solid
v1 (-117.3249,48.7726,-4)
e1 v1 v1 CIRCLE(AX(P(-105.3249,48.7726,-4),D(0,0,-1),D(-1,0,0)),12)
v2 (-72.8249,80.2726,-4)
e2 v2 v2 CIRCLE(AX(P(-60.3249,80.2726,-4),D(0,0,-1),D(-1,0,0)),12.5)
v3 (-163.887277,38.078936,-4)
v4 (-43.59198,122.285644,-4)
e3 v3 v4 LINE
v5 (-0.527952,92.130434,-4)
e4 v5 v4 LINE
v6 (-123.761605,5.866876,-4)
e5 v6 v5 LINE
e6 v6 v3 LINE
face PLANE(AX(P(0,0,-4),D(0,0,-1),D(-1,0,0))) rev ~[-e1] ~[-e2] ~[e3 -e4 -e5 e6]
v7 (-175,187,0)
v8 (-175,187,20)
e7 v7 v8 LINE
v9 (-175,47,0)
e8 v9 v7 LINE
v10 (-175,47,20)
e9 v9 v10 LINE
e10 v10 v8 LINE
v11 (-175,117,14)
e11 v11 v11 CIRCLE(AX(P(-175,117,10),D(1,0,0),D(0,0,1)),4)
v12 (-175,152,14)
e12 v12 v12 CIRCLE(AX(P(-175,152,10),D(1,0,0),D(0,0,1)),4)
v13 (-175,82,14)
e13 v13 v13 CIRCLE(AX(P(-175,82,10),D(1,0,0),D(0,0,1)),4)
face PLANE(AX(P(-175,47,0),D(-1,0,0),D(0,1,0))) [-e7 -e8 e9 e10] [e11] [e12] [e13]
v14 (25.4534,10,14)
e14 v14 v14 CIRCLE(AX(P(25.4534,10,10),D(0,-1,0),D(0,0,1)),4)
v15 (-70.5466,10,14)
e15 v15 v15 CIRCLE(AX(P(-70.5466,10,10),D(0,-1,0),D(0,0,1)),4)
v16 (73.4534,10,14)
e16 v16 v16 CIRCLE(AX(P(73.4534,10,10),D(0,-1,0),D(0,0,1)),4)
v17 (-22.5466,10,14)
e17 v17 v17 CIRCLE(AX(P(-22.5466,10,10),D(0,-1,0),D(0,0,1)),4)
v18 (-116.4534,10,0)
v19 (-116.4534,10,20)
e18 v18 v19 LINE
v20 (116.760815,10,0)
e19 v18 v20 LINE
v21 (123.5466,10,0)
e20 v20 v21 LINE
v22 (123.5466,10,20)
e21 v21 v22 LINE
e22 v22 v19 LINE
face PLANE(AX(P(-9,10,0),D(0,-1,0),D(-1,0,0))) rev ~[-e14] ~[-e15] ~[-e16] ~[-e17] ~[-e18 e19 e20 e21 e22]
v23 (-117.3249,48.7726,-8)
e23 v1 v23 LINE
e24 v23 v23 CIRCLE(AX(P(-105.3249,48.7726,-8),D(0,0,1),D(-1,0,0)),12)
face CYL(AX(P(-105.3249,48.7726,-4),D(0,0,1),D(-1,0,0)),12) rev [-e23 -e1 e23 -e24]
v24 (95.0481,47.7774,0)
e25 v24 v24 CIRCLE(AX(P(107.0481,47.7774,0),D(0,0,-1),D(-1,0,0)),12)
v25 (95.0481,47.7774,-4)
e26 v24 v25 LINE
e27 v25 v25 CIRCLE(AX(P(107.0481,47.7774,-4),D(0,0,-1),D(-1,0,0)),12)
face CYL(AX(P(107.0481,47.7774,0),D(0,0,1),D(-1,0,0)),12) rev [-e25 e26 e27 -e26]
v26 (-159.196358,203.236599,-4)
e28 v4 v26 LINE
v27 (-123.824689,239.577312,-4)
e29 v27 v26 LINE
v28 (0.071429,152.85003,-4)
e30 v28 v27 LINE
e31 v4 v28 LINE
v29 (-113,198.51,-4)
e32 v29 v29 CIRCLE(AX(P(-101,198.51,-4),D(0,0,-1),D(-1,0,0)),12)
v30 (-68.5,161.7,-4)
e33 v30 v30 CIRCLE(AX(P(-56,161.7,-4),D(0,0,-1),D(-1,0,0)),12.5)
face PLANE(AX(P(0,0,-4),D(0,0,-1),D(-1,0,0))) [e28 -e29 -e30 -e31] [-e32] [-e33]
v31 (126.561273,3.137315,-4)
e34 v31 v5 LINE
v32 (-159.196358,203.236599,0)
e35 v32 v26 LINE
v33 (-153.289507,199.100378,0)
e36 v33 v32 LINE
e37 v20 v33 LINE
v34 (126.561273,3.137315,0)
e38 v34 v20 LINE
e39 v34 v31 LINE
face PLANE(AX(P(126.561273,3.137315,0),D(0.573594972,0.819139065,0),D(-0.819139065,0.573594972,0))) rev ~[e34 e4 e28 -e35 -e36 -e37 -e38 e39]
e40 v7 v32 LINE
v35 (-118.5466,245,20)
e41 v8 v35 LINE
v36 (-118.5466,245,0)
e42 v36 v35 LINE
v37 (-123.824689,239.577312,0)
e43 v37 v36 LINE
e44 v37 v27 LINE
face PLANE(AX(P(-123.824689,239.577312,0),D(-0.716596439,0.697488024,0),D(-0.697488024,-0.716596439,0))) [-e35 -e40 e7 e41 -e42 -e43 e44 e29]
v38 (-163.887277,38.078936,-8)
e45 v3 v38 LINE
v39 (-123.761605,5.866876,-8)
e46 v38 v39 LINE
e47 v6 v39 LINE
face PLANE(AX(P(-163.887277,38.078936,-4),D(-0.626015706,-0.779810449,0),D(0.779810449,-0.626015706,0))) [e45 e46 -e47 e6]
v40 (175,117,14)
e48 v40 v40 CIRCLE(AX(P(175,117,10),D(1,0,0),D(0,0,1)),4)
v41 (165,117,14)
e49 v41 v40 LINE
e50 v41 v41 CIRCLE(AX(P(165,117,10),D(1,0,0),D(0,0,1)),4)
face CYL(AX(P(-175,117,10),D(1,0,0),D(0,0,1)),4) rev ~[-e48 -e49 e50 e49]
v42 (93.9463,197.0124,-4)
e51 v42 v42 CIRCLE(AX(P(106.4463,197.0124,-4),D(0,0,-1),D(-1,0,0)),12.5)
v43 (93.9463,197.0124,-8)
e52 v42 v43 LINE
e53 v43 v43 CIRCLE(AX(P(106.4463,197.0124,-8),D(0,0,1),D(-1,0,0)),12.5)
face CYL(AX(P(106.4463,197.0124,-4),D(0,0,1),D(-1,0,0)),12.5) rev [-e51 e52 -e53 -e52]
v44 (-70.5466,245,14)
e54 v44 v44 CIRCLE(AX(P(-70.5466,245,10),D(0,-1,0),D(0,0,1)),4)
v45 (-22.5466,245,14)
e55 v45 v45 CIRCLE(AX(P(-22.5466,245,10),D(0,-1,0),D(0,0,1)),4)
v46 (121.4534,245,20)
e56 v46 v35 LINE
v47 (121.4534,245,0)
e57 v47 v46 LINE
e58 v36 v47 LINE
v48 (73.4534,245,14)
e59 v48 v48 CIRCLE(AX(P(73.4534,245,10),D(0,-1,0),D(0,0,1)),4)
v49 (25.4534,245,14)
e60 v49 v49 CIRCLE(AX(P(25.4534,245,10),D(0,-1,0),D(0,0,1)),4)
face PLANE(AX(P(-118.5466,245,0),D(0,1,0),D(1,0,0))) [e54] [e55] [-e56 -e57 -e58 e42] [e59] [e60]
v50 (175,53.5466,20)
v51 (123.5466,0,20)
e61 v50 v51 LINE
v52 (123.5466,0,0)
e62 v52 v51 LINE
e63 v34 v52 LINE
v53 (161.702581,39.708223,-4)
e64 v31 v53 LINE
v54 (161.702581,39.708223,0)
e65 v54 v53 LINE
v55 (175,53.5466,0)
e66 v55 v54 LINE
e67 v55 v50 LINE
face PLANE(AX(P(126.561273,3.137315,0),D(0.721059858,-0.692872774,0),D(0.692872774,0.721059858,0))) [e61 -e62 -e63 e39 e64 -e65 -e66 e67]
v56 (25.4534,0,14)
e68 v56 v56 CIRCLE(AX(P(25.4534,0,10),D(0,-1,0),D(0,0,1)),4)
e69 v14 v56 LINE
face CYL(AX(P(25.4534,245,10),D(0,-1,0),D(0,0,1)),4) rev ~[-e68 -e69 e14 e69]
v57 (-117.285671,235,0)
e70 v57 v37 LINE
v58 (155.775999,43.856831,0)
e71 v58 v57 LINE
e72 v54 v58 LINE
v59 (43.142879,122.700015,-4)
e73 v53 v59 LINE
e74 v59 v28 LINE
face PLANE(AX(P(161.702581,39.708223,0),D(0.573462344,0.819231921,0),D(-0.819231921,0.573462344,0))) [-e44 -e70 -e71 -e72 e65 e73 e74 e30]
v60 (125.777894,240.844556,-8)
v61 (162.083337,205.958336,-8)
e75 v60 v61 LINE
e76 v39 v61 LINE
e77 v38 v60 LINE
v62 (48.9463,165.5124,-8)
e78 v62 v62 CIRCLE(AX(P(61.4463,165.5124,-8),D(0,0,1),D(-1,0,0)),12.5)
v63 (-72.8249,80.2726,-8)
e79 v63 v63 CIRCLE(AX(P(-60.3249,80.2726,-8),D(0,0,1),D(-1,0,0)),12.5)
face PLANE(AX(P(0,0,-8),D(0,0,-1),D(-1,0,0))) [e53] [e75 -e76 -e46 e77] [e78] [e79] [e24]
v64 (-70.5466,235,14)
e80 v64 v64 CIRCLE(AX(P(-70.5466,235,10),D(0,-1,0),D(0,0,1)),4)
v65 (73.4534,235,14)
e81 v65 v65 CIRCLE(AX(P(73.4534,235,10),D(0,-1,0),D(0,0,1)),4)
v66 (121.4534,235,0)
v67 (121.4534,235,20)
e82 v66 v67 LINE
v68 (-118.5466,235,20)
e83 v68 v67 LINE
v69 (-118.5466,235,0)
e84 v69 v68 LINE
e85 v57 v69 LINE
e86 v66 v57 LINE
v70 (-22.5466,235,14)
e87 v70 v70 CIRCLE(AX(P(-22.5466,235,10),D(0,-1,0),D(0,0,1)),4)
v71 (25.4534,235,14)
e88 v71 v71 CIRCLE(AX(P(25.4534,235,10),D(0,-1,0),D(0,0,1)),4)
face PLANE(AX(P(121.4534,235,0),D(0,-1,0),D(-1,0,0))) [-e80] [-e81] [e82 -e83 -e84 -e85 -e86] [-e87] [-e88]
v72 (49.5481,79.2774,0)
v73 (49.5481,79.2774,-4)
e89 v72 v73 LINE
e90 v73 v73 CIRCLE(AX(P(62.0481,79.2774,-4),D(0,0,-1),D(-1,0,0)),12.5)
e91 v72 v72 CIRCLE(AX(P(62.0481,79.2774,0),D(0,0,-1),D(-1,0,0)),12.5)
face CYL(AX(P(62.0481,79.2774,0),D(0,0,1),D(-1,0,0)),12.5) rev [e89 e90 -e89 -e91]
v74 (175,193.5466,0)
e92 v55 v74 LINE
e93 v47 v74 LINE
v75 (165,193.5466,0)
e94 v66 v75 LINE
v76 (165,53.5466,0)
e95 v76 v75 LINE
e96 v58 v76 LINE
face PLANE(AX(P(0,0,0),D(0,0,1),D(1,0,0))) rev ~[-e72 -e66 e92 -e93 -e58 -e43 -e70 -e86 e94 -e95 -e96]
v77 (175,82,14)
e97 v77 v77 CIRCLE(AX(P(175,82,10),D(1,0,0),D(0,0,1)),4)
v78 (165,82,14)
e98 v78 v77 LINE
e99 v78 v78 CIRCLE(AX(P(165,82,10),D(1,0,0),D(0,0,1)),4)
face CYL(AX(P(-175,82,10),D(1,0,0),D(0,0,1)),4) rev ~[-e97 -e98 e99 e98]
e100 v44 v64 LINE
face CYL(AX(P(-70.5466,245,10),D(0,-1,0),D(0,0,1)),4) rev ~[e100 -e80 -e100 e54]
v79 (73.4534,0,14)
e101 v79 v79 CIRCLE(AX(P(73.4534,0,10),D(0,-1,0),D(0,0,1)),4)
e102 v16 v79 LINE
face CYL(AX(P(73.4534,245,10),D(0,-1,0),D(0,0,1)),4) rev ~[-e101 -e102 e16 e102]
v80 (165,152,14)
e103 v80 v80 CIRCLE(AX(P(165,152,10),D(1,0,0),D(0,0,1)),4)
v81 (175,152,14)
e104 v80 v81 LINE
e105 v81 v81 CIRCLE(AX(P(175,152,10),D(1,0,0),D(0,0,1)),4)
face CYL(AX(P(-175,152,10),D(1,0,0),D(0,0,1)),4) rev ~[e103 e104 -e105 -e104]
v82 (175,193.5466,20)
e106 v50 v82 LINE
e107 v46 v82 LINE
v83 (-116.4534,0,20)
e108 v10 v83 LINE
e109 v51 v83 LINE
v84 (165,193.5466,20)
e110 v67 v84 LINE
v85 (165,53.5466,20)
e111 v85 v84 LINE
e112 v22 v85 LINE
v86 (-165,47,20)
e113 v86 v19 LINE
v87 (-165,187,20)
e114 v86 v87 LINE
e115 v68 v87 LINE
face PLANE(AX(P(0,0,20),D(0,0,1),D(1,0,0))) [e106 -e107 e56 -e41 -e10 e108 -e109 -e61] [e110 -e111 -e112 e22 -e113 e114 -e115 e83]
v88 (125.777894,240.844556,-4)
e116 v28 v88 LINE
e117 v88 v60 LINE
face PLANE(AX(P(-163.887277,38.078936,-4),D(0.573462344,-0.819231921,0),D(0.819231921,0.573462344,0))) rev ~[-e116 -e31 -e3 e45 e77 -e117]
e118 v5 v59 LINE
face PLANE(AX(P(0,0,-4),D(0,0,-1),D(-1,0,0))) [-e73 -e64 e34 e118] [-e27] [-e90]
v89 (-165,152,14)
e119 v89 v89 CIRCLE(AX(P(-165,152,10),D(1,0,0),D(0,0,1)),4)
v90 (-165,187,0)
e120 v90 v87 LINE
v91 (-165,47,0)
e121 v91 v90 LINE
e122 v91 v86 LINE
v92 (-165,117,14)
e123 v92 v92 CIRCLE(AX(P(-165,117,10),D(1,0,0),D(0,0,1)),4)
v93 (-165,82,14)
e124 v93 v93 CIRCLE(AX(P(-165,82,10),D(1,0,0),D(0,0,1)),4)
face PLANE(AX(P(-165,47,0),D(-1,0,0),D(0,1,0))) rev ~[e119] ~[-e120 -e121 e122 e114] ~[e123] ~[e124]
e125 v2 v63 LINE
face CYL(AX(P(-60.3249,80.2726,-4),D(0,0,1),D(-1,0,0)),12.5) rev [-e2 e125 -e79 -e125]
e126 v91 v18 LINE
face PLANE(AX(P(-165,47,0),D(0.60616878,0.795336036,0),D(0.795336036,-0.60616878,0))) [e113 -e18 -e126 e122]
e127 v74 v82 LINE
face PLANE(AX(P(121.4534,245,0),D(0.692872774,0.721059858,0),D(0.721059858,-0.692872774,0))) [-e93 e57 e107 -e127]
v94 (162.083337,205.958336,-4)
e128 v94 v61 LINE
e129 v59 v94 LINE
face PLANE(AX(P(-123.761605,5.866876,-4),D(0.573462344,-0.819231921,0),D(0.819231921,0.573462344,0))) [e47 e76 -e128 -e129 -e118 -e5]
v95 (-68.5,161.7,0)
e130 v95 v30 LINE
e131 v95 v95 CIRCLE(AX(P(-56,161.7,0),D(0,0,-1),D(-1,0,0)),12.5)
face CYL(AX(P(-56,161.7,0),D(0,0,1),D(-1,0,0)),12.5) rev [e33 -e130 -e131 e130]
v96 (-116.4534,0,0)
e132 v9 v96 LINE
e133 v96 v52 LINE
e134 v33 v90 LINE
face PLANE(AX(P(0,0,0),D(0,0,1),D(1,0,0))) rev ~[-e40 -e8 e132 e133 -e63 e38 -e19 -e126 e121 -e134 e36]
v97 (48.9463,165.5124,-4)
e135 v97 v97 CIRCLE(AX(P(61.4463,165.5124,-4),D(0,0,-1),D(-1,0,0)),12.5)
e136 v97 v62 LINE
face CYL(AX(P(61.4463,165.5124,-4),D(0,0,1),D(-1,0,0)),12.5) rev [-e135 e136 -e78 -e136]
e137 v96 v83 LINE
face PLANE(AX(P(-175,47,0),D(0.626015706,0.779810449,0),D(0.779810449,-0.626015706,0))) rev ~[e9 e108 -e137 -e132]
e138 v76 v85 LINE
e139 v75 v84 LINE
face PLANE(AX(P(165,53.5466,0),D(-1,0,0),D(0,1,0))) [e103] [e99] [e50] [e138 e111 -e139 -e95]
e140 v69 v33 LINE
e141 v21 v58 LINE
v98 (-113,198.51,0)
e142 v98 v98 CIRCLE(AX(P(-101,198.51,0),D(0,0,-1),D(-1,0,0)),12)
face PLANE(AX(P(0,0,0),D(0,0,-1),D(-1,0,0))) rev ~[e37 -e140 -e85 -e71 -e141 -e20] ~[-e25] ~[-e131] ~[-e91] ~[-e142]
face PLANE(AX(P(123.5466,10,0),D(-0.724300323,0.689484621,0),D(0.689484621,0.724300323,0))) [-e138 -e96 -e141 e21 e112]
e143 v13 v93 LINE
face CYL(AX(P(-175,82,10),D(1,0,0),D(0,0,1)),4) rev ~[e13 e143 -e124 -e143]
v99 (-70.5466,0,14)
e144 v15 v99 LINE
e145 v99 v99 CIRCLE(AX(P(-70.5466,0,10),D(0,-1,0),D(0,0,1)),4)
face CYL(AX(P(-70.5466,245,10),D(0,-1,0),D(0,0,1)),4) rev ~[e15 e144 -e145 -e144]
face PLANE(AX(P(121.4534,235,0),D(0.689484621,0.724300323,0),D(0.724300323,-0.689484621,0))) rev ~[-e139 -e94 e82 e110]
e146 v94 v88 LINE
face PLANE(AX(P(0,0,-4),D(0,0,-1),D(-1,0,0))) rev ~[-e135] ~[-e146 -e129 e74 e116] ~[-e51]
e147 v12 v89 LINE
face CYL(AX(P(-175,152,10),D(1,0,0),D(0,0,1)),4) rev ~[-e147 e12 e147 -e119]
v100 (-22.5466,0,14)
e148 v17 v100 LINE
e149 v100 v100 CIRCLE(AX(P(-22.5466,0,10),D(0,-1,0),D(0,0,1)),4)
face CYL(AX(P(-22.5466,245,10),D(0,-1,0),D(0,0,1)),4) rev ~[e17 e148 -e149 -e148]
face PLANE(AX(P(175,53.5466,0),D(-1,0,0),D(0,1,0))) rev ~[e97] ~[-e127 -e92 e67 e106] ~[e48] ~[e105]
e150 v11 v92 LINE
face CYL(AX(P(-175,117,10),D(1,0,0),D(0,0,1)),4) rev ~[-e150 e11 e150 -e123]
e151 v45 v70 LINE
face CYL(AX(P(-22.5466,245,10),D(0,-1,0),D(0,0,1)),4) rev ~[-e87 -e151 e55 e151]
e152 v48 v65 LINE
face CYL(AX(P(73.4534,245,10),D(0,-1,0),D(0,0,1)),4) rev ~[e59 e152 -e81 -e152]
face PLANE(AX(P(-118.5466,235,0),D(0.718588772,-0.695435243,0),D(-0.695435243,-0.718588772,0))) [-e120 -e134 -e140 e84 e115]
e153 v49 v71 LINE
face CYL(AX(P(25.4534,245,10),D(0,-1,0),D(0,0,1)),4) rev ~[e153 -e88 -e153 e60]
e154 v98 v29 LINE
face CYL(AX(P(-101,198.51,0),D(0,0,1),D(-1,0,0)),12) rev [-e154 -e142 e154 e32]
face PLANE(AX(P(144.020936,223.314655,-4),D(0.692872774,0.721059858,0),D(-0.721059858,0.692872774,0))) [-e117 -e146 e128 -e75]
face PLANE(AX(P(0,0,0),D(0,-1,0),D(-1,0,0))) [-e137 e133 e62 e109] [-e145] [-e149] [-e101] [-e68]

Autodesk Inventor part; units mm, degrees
ref_plane "YZ Plane" through (0, 0, 0) normal (1, 0, 0) x (0, 1, 0)
sketch "Sketch1" plane through (0, 0, 0) normal (0, 0, 1) x (1, 0, 0)
  line L0 (0, 0) -> (-116.4534, 0)
  line L1 (-175, 47) -> (-175, 187)
  line L2 (-118.5466, 245) -> (0, 245)
  line L3 (0, 245) -> (0, 0) construction
  line L4 (-118.5466, 235) -> (-9, 235)
  line L5 (-9, 10) -> (-116.4534, 10)
  line L6 (-165, 47) -> (-165, 187)
  line L7 (0, 0) -> (123.5466, 0)
  line L8 (175, 53.5466) -> (175, 193.5466)
  line L9 (121.4534, 245) -> (0, 245)
  line L10 (121.4534, 235) -> (9, 235)
  line L11 (9, 10) -> (123.5466, 10)
  line L12 (165, 53.5466) -> (165, 193.5466)
  line L13 (-9, 235) -> (9, 235)
  line L14 (-9, 10) -> (9, 10)
  line L15 (-175, 187) -> (-118.5466, 245)
  line L16 (-175, 47) -> (-116.4534, 0)
  line L17 (121.4534, 245) -> (175, 193.5466)
  line L18 (175, 53.5466) -> (123.5466, 0)
  line L19 (-175, 47) -> (-165, 47)
  line L20 (-116.4534, 10) -> (-116.4534, 0)
  line L21 (-118.5466, 245) -> (-118.5466, 235)
  line L22 (-175, 187) -> (-165, 187)
  line L23 (-118.5466, 235) -> (-165, 187)
  line L24 (-165, 47) -> (-116.4534, 10)
  line L25 (121.4534, 245) -> (121.4534, 235)
  line L26 (175, 193.5466) -> (165, 193.5466)
  line L27 (121.4534, 235) -> (165, 193.5466)
  line L28 (175, 53.5466) -> (165, 53.5466)
  line L29 (123.5466, 0) -> (123.5466, 10)
  line L30 (123.5466, 10) -> (165, 53.5466)
  point P0 (-175, 245)
  point P1 (-175, 0)
  point P2 (-165, 235)
  point P3 (-165, 10)
  point P4 (175, 245)
  point P5 (175, 0)
  point P6 (165, 235)
  point P7 (165, 10)
  dimension "d0" = 245
  dimension "d1" = 175
  dimension "d4" = 10
  dimension "d7" = 240
  dimension "d9" = 240
  dimension "d10" = 140
  dimension "d12" = 136.142
  dimension "d13" = 133.589
  dimension "d14" = 52.687
  dimension "d15" = 44.062
  dimension "d16" = 44.226
  dimension "d17" = 51.243
  dimension "d18" = 10
  dimension "d19" = 53.5466
  dimension "d20" = 175
  dimension "d21" = 0
  dimension "d22" = 0
  dimension "d23" = 10
  dimension "d24" = 41.4534
  dimension "d25" = 10
  dimension "d26" = 183.5465
  dimension "d27" = 166
  dimension "d28" = 166
extrude "Extrusion1" add sketch "Sketch1" along normal blind 20 contours L0 L20 L5 L14 L11 L29 L7 | L16 L19 L24 L20 | L29 L30 L28 L18 | L1 L22 L6 L19 | L28 L12 L26 L8 | L15 L21 L23 L22 | L26 L27 L25 L17 | L2 L9 L25 L10 L13 L4 L21
ref_plane "Work Plane1" through (0, 0, 0) normal (0, 0, -1) x (-1, 0, 0)
sketch "Sketch2" plane through (0, 0, 0) normal (0, 0, -1) x (-1, 0, 0)
  line L0 (-123.5466, 0) -> (-175, 53.5466) projected
  line L1 (-175, 53.5466) -> (-175, 0)
  line L2 (-175, 0) -> (-123.5466, 0)
  line L3 (175, 187) -> (175, 47) projected
  line L4 (175, 47) -> (175, 0)
  line L5 (116.4534, 0) -> (-123.5466, 0) projected
  line L6 (175, 0) -> (116.4534, 0)
  line L7 (-121.4534, 245) -> (118.5466, 245) projected
  line L8 (118.5466, 245) -> (175, 245)
  line L9 (175, 245) -> (175, 187)
  line L10 (-121.4534, 245) -> (-175, 245)
  line L11 (-175, 245) -> (-175, 193.5466)
  line L12 (-175, 193.5466) -> (-121.4534, 245) projected
  line L13 (-160.5333, -20.6513) -> (189.4198, 224.4003)
  line L14 (-189.2819, 20.4027) -> (160.7181, 265.4027)
  circle A0 centre (101, 198.51) radius 12
  circle A1 centre (56, 161.7) radius 12.5
  circle A2 centre (-107.0481, 47.7774) radius 12
  circle A3 centre (-62.0481, 79.2774) radius 12.5
  line L15 (160.7181, 265.4027) -> (189.4198, 224.4003)
  line L16 (-189.238, 20.3554) -> (-160.5333, -20.6513)
  line L17 (118.5466, 245) -> (175, 187) projected
  point P0 (0, 0)
  point P1 (159.1963, 203.2366)
  point P2 (123.8247, 239.5773)
  point P3 (-161.7026, 39.7082)
  point P4 (-126.5613, 3.1373)
  dimension "d32" = 45
  dimension "d33" = 45
  dimension "d34" = 24
  dimension "d35" = 25
  dimension "d36" = 24
  dimension "d37" = 25
  dimension "d38" = 45
extrude "Extrusion2" add sketch "Sketch2" along normal blind 4 contours L0 L14 L17 L13
ref_plane "Work Plane3" through (0, 0, -4) normal (0, 0, -1) x (-1, 0, 0)
sketch "Sketch4" plane through (0, 0, -4) normal (0, 0, -1) x (-1, 0, 0)
  line L0 (175, 47) -> (116.4534, 0) projected
  line L1 (116.4534, 0) -> (175, 0)
  line L2 (175, 0) -> (175, 47)
  line L3 (175, 187) -> (175, 245)
  line L4 (118.5466, 245) -> (175, 187) projected
  line L5 (175, 245) -> (118.5466, 245)
  line L6 (-175, 193.5466) -> (-121.4534, 245) projected
  line L7 (-121.4534, 245) -> (-175, 245)
  line L8 (-175, 245) -> (-175, 193.5466)
  line L9 (-123.5466, 0) -> (-175, 0)
  line L10 (-175, 0) -> (-175, 53.5466)
  line L11 (175, 0) -> (-175, 245)
  line L12 (160.906, -20.1342) -> (-189.094, 224.8658)
  line L13 (189.2349, 20.3356) -> (-160.7651, 265.3356)
  line L14 (160.906, -20.1342) -> (189.2349, 20.3356)
  line L15 (-189.094, 224.8658) -> (-160.7651, 265.3356)
  circle A0 centre (105.3249, 48.7726) radius 12
  circle A1 centre (60.3249, 80.2726) radius 12.5
  circle A2 centre (-106.4463, 197.0124) radius 12.5
  circle A3 centre (-61.4463, 165.5124) radius 12.5
  point P0 (0, 0)
  point P1 (163.8873, 38.0789)
  point P2 (-125.7779, 240.8446)
  point P3 (-162.0833, 205.9583)
  point P4 (123.7616, 5.8669)
  dimension "d46" = 24.577
  dimension "d47" = 24.8227
  dimension "d48" = 45
  dimension "d50" = 45
  dimension "d51" = 45
  dimension "d52" = 45
  dimension "d55" = 25
  dimension "d56" = 25
  dimension "d59" = 25
  dimension "d60" = 24
extrude "Extrusion3" add sketch "Sketch4" along normal blind 4 contours L0 L11 A0 A1 A3 A2 L6 L13 | L0 L12 L6 L11 A2 A3 A1 A0
sketch "Sketch5" plane through (-118.5466, 245, 0) normal (0, 1, 0) x (1, 0, 0)
  line L0 (240, 0) -> (0, 0) projected
  line L1 (0, 0) -> (0, -20) projected
  point P0 (118.5466, 0)
  point P1 (48, -10)
  point P2 (96, -10)
  point P3 (144, -10)
  point P4 (192, -10)
  dimension "d70" = 10
  dimension "d71" = 48
  dimension "d72" = 48
  dimension "d73" = 48
  dimension "d74" = 48
hole "Hole1" at (-70.5466, 245, 10) at (-22.5466, 245, 10) at (25.4534, 245, 10) at (73.4534, 245, 10) direction (0, -1, 0) diameter 8 end through all
sketch "Sketch6" plane through (-175, 47, 0) normal (-1, 0, 0) x (0, 0, 1)
  line L0 (0, 0) -> (20, 0) projected
  line L1 (0, 140) -> (0, 0) projected
  point P0 (0, -47)
  point P1 (10, 35)
  point P2 (10, 70)
  point P3 (10, 105)
  dimension "d82" = 35
  dimension "d83" = 10
  dimension "d84" = 35
  dimension "d85" = 35
hole "Hole2" at (-175, 82, 10) at (-175, 117, 10) at (-175, 152, 10) direction (1, 0, 0) diameter 8 end through all
properties part number "New Chassis"
